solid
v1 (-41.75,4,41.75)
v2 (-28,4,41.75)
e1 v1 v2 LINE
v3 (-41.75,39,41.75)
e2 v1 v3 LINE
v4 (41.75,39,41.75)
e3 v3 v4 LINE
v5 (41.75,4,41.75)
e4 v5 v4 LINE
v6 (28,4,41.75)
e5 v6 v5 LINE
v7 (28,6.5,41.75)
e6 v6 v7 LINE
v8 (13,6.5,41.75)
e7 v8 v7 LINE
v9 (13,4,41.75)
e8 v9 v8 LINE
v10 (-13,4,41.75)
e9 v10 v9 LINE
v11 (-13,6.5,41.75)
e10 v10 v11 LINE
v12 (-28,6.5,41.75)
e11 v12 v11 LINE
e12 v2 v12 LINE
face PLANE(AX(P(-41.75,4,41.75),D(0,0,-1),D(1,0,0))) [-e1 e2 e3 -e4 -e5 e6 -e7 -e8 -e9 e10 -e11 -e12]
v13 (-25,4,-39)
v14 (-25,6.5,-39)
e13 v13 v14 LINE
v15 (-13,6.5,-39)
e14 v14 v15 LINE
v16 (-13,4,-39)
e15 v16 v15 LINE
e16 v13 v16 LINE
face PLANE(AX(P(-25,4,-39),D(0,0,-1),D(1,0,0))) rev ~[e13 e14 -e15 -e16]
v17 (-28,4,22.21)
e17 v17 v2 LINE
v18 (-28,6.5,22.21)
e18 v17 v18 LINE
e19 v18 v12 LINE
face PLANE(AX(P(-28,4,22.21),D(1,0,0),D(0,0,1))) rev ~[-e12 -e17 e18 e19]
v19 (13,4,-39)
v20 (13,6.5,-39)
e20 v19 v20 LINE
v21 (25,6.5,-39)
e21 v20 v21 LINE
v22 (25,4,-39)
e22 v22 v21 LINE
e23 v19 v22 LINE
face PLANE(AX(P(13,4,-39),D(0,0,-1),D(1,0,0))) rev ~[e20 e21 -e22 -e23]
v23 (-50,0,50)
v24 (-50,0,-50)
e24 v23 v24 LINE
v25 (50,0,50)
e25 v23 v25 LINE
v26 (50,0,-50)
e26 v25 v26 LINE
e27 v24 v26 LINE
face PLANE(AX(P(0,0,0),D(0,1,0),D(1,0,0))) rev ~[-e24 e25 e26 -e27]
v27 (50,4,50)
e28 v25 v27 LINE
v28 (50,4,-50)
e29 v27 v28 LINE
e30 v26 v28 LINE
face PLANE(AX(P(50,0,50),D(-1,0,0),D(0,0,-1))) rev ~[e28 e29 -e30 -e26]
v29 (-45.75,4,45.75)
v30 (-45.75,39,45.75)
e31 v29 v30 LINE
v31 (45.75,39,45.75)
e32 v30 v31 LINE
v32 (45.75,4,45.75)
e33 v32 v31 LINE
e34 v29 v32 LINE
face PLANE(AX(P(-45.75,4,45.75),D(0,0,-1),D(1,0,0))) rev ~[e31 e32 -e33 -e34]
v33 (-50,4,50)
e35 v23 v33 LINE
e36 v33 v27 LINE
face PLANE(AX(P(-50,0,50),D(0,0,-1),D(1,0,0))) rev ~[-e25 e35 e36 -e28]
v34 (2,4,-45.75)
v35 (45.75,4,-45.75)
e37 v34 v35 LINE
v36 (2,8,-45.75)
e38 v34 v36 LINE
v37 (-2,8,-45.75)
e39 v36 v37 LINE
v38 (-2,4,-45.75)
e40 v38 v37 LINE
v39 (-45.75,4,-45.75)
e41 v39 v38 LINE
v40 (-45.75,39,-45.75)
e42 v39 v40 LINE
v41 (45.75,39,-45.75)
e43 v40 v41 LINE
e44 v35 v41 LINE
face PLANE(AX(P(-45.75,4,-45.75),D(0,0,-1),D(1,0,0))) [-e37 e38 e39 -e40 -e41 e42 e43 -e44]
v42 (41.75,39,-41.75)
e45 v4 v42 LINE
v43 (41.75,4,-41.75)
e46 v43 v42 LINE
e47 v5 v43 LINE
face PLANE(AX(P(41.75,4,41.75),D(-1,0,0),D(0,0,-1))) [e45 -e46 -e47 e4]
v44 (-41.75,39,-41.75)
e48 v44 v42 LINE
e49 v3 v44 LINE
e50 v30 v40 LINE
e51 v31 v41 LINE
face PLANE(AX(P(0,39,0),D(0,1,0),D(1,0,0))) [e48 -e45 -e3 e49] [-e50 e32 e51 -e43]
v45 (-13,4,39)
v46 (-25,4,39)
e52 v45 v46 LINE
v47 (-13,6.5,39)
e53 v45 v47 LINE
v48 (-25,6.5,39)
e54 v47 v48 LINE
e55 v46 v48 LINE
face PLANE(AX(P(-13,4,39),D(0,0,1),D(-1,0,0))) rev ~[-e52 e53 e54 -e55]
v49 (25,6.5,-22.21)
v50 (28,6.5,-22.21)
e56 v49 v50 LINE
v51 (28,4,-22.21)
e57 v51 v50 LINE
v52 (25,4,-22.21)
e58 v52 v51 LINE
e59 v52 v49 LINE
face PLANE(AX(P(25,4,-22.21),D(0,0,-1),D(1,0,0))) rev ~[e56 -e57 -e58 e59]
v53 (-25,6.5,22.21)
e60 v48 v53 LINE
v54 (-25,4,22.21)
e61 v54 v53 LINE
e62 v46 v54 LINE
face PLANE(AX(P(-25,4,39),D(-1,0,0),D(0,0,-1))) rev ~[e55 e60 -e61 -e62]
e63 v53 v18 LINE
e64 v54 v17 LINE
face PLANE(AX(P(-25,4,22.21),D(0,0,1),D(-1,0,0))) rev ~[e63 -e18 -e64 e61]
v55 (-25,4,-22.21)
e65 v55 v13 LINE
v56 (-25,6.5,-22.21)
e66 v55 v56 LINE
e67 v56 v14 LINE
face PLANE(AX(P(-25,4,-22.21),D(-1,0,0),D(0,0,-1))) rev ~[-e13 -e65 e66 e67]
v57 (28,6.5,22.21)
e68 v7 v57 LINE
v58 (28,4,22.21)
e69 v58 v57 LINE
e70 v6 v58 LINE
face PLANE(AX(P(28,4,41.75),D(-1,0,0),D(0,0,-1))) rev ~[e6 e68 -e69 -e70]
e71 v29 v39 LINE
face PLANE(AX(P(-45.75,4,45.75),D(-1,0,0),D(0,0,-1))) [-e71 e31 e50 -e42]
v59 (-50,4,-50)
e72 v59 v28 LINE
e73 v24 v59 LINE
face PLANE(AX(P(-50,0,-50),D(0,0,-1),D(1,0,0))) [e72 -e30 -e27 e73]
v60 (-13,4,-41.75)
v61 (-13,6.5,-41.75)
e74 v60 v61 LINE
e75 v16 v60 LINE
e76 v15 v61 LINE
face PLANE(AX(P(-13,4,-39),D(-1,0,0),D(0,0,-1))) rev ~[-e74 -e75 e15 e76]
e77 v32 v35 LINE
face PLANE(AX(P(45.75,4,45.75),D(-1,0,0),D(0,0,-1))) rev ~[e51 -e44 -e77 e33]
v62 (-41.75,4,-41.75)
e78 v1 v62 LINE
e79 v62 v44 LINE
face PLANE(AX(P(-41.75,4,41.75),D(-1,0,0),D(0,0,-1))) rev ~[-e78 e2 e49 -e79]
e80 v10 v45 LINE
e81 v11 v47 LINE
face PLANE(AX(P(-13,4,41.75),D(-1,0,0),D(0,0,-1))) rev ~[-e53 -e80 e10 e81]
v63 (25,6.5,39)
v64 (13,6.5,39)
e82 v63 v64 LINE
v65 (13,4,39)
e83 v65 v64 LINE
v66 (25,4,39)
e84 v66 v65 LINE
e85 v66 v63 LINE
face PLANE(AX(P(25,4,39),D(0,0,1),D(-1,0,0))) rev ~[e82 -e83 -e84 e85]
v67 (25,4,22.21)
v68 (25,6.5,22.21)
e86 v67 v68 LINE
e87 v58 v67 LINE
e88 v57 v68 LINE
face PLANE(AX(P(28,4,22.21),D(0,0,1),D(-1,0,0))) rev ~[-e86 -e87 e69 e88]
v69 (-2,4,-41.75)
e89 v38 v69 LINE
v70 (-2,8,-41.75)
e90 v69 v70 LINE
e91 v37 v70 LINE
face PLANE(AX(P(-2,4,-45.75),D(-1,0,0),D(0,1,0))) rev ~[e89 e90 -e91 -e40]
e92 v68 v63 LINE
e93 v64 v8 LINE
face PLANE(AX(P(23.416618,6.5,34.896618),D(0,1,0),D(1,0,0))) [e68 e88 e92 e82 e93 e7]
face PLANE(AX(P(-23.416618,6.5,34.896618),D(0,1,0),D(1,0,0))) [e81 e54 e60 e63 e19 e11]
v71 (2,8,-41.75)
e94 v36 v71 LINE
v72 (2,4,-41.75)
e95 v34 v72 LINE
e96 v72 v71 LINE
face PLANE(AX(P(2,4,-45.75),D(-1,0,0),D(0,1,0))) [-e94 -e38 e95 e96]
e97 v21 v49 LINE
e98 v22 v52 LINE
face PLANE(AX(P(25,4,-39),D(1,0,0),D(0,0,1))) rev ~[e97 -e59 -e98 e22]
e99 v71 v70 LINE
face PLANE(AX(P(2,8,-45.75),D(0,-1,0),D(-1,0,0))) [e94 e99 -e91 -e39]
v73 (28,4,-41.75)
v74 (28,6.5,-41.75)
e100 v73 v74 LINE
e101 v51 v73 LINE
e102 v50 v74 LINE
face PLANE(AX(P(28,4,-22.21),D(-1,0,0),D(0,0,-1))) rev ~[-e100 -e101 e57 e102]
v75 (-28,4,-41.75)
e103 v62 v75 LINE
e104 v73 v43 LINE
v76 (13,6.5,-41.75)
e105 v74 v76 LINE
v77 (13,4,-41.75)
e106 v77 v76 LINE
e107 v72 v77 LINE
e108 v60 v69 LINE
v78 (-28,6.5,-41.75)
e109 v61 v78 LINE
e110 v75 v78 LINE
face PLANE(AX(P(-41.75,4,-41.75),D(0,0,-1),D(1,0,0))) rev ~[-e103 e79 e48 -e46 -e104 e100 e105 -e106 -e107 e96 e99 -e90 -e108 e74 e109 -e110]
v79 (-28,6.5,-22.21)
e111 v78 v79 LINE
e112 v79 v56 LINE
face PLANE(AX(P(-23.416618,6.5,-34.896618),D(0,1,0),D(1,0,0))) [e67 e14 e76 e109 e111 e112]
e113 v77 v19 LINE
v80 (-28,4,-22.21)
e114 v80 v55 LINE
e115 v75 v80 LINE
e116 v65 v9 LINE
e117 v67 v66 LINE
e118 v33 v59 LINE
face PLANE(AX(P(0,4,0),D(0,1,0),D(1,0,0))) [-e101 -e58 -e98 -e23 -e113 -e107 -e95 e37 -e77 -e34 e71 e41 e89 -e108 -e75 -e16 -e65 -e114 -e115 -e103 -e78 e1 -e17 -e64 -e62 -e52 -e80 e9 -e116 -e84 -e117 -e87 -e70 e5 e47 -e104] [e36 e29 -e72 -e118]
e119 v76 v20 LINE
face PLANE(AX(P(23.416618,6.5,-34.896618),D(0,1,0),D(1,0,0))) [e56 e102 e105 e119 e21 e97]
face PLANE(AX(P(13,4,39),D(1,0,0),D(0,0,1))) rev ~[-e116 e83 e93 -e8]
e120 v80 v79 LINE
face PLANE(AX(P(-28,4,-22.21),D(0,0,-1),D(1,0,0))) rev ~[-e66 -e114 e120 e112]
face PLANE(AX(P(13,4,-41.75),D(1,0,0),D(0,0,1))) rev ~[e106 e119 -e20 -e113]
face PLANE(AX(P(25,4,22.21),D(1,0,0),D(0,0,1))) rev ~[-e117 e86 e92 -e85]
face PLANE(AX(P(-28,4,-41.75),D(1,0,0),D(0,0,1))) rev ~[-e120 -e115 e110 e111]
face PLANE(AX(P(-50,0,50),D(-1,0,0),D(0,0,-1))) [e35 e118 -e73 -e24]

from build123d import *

# Parameters (mm, degrees)
SKETCH1_W           = 100
SKETCH1_H           = 100
BOSS_EXTRUDE1_DEPTH = 4
SKETCH2_W           = 91.5
SKETCH2_H           = 91.5
SKETCH2_W_2         = 83.5
SKETCH2_H_2         = 83.5
BOSS_EXTRUDE2_DEPTH = 35
SKETCH3_W           = 4
SKETCH3_H           = 4
CUT_EXTRUDE1_DEPTH  = 4
BOSS_EXTRUDE3_DEPTH = 2.5


with BuildPart() as part:
    # Sketch1 → Boss-Extrude1 (new body)
    with BuildSketch(Plane(origin=(0, 0, 0), x_dir=(1, 0, 0), z_dir=(0, 1, 0))):
        Rectangle(SKETCH1_W, SKETCH1_H)
    extrude(amount=BOSS_EXTRUDE1_DEPTH)

    # Sketch2 → Boss-Extrude2 (add)
    with BuildSketch(Plane(origin=(0, 4, 0), x_dir=(1, 0, 0), z_dir=(0, 1, 0))):
        Rectangle(SKETCH2_W, SKETCH2_H)
        Rectangle(SKETCH2_W_2, SKETCH2_H_2, mode=Mode.SUBTRACT)
    extrude(amount=BOSS_EXTRUDE2_DEPTH)

    # Sketch3 → Cut-Extrude1 (cut)
    with BuildSketch(Plane(origin=(0, 0, -45.75), x_dir=(-1, 0, 0), z_dir=(0, 0, -1))):
        with Locations((0, 6)):
            Rectangle(SKETCH3_W, SKETCH3_H)
    extrude(amount=-CUT_EXTRUDE1_DEPTH, mode=Mode.SUBTRACT)

    # Sketch4 → Boss-Extrude3 (add)
    with BuildSketch(Plane(origin=(0, 4, 0), x_dir=(1, 0, 0), z_dir=(0, 1, 0))):
        Polygon((-28, 22.21), (-25, 22.21), (-25, 39), (-13, 39), (-13, 41.75), (-28, 41.75), align=None)
        Polygon((25, 39), (25, 22.21), (28, 22.21), (28, 41.75), (13, 41.75), (13, 39), align=None)
        Polygon((25, -39), (13, -39), (13, -41.75), (28, -41.75), (28, -22.21), (25, -22.21), align=None)
        Polygon((-13, -39), (-25, -39), (-25, -22.21), (-28, -22.21), (-28, -41.75), (-13, -41.75), align=None)
    extrude(amount=BOSS_EXTRUDE3_DEPTH)


solid = part.part
